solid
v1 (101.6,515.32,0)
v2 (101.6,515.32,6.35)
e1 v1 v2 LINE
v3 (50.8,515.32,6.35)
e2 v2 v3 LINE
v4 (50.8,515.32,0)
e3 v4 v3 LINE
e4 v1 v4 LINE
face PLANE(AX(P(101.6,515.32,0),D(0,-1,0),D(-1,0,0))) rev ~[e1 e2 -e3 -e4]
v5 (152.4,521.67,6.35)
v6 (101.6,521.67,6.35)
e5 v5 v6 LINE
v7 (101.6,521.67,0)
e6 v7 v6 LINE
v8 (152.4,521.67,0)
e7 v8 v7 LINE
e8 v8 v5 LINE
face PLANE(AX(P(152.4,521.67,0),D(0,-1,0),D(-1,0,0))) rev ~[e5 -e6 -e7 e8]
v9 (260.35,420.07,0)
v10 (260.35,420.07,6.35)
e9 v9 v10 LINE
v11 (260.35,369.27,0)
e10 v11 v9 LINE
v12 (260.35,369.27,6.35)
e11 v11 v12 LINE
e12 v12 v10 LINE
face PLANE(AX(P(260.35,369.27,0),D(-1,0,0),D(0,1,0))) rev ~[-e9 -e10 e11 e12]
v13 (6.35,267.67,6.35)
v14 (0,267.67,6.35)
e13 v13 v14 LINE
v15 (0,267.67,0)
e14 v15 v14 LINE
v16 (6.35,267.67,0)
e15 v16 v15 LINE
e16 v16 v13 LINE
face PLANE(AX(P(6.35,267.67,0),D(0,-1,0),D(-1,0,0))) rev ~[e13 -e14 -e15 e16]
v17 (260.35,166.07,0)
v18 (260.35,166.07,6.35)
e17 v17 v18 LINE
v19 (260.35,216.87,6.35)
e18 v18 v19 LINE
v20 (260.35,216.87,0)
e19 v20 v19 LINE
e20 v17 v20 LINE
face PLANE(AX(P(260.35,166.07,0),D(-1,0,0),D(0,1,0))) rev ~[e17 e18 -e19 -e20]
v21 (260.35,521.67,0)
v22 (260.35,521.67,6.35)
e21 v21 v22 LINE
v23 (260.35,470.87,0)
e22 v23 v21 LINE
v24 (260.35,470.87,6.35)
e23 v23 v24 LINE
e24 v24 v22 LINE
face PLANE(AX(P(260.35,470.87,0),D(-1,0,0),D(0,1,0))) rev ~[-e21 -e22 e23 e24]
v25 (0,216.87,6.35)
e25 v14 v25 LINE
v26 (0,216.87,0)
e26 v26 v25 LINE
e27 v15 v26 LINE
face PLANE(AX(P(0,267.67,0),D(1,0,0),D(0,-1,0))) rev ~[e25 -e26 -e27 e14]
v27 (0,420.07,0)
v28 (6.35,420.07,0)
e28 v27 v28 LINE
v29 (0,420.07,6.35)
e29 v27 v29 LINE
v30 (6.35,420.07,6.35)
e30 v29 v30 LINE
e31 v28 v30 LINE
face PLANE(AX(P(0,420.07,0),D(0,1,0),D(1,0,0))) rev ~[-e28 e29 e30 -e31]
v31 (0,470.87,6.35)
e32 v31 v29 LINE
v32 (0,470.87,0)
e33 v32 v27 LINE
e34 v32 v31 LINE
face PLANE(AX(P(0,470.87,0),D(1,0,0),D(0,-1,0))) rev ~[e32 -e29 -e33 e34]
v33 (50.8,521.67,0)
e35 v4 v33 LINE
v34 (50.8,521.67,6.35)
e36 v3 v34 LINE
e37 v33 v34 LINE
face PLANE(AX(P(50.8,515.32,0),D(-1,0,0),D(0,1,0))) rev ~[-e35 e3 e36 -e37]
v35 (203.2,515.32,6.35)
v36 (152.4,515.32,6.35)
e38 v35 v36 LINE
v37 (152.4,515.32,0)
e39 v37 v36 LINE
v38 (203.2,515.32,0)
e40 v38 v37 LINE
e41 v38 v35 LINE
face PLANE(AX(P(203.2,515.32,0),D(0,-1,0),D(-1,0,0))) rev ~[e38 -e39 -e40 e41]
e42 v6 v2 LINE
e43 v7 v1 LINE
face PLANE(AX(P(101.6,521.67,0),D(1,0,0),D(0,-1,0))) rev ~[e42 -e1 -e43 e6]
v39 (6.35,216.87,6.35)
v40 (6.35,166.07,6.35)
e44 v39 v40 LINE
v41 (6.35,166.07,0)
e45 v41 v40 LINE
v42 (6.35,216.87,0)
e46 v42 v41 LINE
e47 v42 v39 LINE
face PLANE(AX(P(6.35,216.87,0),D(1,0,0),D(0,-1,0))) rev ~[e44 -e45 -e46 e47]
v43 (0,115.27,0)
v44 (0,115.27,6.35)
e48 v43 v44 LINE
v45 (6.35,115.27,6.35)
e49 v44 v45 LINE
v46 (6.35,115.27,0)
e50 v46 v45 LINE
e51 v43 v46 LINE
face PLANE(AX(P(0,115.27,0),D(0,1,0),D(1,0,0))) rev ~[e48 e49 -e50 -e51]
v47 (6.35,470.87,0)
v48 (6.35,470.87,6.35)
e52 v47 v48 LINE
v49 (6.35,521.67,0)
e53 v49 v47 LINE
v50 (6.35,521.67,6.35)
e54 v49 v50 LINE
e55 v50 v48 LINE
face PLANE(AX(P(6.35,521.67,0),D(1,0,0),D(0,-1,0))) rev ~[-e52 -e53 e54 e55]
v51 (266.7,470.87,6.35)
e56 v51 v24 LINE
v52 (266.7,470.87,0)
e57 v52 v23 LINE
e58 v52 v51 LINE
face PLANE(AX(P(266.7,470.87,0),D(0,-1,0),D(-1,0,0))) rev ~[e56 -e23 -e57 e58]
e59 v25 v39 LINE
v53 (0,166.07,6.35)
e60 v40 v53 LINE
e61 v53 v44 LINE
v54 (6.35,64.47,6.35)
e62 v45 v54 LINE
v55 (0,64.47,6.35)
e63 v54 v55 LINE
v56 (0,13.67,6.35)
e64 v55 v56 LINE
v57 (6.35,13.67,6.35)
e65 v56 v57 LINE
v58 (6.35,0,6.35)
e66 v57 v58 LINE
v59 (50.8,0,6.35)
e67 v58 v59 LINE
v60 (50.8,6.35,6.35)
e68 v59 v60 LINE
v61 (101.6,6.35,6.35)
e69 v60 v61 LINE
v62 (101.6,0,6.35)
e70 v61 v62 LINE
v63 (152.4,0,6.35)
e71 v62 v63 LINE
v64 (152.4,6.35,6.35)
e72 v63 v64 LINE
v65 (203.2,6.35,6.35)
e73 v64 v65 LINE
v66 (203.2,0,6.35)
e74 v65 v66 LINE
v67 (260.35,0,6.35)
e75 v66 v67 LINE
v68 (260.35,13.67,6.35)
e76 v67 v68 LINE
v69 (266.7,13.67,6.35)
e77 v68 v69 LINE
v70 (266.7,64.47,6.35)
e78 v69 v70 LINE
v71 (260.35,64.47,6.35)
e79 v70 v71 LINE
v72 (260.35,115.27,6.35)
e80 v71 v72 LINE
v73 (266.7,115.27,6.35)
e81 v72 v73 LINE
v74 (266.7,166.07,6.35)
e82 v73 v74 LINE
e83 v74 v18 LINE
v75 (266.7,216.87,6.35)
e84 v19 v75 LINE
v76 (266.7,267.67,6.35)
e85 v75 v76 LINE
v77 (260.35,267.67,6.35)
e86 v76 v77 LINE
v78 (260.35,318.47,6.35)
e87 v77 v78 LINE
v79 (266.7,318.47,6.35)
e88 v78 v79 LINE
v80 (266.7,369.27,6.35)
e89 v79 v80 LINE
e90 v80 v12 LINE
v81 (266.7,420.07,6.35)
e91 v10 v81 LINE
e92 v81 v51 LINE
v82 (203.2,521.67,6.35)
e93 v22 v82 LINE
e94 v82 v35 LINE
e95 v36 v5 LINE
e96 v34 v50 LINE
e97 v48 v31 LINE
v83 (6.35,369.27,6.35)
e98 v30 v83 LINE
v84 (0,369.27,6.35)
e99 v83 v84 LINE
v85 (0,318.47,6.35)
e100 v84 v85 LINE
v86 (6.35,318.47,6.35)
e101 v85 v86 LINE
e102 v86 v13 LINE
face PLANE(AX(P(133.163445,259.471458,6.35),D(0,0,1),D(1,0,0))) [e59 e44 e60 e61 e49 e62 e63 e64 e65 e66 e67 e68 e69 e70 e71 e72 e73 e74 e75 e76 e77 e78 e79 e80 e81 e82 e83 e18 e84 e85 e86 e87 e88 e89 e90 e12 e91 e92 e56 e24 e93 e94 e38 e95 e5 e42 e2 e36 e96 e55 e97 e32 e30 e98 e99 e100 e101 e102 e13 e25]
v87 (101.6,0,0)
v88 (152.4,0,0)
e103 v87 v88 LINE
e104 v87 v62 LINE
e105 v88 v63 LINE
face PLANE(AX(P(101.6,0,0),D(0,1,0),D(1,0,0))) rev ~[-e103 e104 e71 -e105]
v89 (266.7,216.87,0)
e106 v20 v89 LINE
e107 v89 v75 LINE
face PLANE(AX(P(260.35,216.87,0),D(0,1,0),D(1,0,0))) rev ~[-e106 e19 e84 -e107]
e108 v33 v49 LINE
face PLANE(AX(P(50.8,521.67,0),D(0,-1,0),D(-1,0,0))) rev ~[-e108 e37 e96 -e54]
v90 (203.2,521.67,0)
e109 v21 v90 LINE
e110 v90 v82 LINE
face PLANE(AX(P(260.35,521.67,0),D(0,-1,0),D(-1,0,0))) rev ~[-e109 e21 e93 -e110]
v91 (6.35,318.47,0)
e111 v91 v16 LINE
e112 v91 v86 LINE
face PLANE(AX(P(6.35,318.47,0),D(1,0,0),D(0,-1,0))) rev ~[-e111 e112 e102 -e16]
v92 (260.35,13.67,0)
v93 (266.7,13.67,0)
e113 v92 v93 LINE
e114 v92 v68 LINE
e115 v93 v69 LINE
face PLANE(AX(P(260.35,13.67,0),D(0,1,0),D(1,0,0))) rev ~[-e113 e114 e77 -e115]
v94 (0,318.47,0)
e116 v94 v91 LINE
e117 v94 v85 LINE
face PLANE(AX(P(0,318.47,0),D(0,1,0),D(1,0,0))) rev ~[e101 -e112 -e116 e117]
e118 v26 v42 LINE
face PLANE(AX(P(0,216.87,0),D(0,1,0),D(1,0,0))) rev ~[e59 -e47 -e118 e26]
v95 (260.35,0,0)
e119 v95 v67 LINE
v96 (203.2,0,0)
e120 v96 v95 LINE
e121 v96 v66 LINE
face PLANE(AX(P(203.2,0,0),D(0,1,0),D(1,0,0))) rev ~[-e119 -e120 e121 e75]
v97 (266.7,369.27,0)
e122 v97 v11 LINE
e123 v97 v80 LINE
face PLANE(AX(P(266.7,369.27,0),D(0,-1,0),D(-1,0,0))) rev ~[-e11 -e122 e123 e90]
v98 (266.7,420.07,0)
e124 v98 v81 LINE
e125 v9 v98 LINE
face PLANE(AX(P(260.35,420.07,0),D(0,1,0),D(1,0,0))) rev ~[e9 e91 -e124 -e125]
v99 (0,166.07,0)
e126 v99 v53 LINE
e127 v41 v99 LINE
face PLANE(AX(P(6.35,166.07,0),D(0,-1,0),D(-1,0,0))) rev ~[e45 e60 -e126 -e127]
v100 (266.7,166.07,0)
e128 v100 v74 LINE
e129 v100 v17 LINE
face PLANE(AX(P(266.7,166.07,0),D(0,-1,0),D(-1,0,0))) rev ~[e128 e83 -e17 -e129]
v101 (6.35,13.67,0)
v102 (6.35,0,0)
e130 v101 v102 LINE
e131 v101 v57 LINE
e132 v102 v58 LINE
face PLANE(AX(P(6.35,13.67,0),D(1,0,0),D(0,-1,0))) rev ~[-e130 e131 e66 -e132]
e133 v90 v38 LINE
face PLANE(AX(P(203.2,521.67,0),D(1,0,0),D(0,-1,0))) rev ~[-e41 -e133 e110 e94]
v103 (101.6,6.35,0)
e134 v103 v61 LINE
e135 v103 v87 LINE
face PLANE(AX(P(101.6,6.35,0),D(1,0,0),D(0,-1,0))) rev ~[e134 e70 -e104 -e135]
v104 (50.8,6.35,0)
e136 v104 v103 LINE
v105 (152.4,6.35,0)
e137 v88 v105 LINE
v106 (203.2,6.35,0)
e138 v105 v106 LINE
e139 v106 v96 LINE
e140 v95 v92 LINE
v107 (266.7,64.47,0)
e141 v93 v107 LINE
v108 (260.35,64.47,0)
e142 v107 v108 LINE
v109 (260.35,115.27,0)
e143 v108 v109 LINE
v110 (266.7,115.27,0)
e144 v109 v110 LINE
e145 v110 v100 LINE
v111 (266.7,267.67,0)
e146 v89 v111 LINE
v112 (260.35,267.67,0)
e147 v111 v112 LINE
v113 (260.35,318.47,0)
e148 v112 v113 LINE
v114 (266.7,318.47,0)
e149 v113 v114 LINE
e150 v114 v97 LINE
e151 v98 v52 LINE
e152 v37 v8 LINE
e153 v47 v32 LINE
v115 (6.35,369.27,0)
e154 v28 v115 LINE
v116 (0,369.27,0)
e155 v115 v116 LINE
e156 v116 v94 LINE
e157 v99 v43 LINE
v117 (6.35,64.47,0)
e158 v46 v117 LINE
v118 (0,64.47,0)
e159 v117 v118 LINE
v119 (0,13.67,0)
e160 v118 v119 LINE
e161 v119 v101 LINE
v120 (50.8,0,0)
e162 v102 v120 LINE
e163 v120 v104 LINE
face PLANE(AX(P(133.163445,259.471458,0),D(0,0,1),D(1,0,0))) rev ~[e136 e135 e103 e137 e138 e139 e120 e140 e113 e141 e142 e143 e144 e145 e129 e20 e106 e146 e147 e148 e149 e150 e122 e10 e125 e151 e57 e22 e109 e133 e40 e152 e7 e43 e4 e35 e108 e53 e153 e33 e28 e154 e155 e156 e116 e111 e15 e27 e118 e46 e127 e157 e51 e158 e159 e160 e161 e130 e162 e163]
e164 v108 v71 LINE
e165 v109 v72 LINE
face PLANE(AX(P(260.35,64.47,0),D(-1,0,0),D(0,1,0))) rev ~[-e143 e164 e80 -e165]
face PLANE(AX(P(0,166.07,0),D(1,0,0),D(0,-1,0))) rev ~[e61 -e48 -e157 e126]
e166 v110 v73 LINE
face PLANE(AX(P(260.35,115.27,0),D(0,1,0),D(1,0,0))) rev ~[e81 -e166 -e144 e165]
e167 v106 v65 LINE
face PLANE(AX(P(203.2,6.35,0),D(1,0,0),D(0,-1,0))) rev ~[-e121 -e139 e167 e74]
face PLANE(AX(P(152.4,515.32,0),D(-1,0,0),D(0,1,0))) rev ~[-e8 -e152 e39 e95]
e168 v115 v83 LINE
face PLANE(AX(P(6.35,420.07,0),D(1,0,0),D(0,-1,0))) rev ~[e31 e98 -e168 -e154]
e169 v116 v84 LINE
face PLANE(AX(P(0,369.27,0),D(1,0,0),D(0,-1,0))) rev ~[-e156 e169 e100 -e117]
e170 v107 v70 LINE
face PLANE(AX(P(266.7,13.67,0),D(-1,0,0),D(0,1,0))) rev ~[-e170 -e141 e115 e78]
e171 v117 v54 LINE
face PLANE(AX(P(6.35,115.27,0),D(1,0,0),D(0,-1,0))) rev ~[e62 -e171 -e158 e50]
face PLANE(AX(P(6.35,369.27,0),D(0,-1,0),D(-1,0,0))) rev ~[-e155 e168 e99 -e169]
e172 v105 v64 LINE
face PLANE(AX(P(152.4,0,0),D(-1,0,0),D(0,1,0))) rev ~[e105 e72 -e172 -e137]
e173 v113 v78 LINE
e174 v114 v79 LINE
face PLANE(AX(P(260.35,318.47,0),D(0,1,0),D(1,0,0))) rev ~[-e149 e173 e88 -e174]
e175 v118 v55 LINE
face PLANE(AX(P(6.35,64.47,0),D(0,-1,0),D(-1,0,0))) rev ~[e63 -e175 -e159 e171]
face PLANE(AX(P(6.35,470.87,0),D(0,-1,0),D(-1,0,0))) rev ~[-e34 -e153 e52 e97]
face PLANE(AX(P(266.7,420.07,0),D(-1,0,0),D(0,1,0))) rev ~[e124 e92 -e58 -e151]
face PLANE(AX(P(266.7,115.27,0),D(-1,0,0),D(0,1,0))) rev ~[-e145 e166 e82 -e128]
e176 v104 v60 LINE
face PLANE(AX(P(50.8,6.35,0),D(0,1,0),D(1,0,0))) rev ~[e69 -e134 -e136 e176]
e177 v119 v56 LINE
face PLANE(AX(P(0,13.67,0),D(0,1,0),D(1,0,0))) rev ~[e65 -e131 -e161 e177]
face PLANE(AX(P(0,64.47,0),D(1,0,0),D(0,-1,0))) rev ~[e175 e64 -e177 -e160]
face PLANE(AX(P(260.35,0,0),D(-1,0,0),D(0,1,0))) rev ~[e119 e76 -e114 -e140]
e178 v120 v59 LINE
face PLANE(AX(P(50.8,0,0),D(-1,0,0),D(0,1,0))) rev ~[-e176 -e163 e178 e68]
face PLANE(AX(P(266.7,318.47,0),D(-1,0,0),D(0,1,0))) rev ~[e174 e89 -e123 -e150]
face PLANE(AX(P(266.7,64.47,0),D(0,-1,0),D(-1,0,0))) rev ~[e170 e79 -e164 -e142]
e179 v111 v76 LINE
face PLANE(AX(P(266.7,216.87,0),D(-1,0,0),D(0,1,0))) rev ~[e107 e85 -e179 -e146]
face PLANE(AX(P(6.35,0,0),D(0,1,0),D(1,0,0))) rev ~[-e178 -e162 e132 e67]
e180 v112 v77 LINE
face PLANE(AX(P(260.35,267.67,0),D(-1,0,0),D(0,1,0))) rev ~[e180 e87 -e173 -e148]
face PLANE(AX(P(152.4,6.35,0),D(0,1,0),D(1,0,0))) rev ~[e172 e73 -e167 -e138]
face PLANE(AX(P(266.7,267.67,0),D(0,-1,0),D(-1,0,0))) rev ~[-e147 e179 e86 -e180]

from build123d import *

# Parameters (mm, degrees)
BOSS_EXTRUDE1_DEPTH = 6.35


with BuildPart() as part:
    # Sketch1 → Boss-Extrude1 (new body)
    with BuildSketch(Plane.XY):
        Polygon((6.35, 521.67), (6.35, 470.87), (0, 470.87), (0, 420.07), (6.35, 420.07), (6.35, 369.27), (0, 369.27), (0, 318.47), (6.35, 318.47), (6.35, 267.67), (0, 267.67), (0, 216.87), (6.35, 216.87), (6.35, 166.07), (0, 166.07), (0, 115.27), (6.35, 115.27), (6.35, 64.47), (0, 64.47), (0, 13.67), (6.35, 13.67), (6.35, 0), (50.8, 0), (50.8, 6.35), (101.6, 6.35), (101.6, 0), (152.4, 0), (152.4, 6.35), (203.2, 6.35), (203.2, 0), (254, 0), (260.35, 0), (260.35, 6.35), (260.35, 13.67), (266.7, 13.67), (266.7, 64.47), (260.35, 64.47), (260.35, 115.27), (266.7, 115.27), (266.7, 166.07), (260.35, 166.07), (260.35, 216.87), (266.7, 216.87), (266.7, 267.67), (260.35, 267.67), (260.35, 318.47), (266.7, 318.47), (266.7, 369.27), (260.35, 369.27), (260.35, 420.07), (266.7, 420.07), (266.7, 470.87), (260.35, 470.87), (260.35, 521.67), (254, 521.67), (203.2, 521.67), (203.2, 515.32), (152.4, 515.32), (152.4, 521.67), (101.6, 521.67), (101.6, 515.32), (50.8, 515.32), (50.8, 521.67), align=None)
    extrude(amount=BOSS_EXTRUDE1_DEPTH)


solid = part.part
